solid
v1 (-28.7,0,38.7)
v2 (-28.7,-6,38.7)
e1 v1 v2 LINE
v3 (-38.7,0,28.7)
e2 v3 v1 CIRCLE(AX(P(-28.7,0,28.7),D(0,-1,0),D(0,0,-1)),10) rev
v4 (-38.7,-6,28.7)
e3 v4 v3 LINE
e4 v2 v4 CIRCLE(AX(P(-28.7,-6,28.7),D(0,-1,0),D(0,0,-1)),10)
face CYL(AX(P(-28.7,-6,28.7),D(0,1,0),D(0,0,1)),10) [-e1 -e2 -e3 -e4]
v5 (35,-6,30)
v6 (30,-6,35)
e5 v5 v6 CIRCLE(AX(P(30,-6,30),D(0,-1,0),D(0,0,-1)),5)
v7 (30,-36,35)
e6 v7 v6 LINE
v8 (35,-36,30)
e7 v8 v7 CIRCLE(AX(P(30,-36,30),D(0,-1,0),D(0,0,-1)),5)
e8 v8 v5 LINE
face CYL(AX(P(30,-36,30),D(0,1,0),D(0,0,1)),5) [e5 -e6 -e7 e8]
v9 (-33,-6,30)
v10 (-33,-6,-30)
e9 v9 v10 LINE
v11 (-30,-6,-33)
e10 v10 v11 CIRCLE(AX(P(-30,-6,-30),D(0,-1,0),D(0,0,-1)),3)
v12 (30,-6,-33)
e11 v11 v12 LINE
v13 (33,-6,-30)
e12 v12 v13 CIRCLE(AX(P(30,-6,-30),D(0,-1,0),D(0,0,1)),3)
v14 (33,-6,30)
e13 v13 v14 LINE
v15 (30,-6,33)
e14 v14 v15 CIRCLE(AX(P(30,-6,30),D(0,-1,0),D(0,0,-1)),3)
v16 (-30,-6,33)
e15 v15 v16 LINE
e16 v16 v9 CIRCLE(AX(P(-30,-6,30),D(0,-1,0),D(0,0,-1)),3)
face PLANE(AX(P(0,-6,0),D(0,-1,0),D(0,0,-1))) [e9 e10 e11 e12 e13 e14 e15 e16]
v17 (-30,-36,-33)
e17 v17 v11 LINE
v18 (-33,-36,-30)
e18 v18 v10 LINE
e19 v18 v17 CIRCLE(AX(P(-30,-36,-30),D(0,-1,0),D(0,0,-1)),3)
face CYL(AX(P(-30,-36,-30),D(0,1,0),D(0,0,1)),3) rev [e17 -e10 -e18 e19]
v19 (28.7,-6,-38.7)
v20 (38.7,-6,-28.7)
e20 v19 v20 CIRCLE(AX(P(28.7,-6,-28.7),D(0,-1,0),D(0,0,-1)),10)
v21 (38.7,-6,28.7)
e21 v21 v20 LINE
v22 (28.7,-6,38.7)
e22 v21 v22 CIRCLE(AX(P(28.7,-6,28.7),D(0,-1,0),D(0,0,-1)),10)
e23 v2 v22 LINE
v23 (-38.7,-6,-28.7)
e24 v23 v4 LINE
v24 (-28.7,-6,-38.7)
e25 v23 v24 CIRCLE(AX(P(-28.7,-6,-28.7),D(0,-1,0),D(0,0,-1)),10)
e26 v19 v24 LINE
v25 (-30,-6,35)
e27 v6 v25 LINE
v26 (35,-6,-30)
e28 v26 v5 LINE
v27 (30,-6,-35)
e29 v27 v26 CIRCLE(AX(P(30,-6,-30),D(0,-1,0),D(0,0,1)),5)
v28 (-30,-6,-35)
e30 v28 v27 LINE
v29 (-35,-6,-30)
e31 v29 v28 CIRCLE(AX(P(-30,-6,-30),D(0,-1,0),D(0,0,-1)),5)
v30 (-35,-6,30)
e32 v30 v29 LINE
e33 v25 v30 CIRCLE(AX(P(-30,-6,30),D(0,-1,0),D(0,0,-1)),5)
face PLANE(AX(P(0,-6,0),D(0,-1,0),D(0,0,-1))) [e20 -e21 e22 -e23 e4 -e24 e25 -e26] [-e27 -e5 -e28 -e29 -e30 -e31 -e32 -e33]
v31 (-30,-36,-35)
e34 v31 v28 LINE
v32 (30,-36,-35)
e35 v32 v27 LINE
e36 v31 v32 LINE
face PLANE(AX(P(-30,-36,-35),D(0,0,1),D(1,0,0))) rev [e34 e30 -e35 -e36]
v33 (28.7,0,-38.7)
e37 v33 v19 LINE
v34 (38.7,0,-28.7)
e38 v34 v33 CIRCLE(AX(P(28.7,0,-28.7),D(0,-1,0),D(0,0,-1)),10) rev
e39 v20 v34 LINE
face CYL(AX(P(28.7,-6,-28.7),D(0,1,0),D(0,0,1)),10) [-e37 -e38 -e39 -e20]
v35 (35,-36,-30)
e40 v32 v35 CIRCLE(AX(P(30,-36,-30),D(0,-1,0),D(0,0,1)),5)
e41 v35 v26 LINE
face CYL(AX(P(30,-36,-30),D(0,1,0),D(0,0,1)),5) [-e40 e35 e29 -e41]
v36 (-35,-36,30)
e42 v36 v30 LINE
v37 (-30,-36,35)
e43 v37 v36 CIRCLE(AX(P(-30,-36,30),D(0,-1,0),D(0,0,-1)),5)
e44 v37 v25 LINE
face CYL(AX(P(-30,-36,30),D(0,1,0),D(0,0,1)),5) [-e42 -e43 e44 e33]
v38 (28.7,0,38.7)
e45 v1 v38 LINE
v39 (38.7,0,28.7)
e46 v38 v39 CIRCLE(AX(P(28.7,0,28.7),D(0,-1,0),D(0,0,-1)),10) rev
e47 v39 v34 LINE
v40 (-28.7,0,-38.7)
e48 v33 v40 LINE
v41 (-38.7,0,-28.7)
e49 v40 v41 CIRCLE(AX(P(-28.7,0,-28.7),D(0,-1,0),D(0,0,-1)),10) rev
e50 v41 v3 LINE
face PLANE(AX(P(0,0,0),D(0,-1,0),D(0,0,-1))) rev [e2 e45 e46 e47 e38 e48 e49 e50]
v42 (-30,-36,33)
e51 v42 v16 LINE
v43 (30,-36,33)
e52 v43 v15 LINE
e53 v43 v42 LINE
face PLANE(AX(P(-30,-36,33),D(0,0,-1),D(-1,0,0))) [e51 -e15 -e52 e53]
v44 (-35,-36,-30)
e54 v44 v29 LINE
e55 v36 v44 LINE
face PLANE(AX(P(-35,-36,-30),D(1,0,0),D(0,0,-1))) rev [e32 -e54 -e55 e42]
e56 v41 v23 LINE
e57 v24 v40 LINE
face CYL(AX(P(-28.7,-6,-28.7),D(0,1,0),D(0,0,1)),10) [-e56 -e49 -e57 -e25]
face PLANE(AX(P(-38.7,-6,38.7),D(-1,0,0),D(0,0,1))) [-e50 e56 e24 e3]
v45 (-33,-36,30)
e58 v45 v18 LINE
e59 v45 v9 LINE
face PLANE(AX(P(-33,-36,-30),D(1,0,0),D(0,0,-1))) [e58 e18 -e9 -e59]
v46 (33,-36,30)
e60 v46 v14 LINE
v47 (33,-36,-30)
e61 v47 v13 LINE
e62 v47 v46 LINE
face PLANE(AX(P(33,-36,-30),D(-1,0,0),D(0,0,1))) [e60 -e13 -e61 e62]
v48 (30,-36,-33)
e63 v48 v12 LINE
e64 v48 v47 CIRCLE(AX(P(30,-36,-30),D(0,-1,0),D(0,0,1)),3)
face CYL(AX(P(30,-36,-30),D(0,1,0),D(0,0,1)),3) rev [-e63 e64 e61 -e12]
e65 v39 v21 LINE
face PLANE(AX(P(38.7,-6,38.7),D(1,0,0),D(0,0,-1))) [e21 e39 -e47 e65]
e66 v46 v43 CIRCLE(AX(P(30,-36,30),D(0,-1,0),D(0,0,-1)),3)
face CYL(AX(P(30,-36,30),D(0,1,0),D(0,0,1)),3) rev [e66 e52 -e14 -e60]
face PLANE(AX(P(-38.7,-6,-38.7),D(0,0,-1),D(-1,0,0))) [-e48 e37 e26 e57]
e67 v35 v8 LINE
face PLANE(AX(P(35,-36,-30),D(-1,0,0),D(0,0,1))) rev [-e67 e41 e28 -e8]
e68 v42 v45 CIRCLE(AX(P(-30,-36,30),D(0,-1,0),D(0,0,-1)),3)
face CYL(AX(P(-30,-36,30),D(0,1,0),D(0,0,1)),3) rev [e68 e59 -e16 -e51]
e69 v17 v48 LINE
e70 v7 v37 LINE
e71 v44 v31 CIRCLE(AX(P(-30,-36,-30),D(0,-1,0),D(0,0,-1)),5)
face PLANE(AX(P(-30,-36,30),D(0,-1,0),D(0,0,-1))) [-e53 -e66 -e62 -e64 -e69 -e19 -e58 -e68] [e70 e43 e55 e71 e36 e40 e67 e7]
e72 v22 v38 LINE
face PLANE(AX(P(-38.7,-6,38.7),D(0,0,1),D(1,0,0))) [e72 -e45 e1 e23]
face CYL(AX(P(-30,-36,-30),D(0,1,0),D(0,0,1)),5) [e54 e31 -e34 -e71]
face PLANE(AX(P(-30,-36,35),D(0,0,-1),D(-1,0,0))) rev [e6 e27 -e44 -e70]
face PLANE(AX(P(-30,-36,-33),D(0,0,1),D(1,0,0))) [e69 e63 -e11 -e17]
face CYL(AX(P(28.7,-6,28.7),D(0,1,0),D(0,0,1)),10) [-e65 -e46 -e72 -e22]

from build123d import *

# Parameters (mm, degrees)
SZKIC1_W                    = 77.4
SZKIC1_H                    = 77.4
DODANIE_WYCI_GNI_CIE1_DEPTH = 6
DODANIE_WYCI_GNI_CIE2_DEPTH = 30
ZAOKR_GLENIE1_R             = 10


with BuildPart() as part:
    # Szkic1 → Dodanie-wyciągnięcie1 (new body)
    with BuildSketch(Plane(origin=(0, 0, 0), x_dir=(1, 0, 0), z_dir=(0, 1, 0))):
        Rectangle(SZKIC1_W, SZKIC1_H)
    extrude(amount=-DODANIE_WYCI_GNI_CIE1_DEPTH)

    # Szkic2 → Dodanie-wyciągnięcie2 (add)
    with BuildSketch(Plane.XZ.offset(6)):
        with BuildLine():
            Line((-30, -35), (30, -35))
            ThreePointArc((30, -35), (33.535533906, -33.535533906), (35, -30))
            Line((35, -30), (35, 30))
            ThreePointArc((35, 30), (33.535533906, 33.535533906), (30, 35))
            Line((30, 35), (-30, 35))
            ThreePointArc((-30, 35), (-33.535533906, 33.535533906), (-35, 30))
            Line((-35, 30), (-35, -30))
            ThreePointArc((-35, -30), (-33.535533906, -33.535533906), (-30, -35))
        make_face()
        with BuildLine():
            Line((-33, -30), (-33, 30))
            ThreePointArc((-33, 30), (-32.121320344, 32.121320344), (-30, 33))
            Line((-30, 33), (30, 33))
            ThreePointArc((30, 33), (32.121320344, 32.121320344), (33, 30))
            Line((33, 30), (33, -30))
            ThreePointArc((33, -30), (32.121320344, -32.121320344), (30, -33))
            Line((30, -33), (-30, -33))
            ThreePointArc((-30, -33), (-32.121320344, -32.121320344), (-33, -30))
        make_face(mode=Mode.SUBTRACT)
    extrude(amount=DODANIE_WYCI_GNI_CIE2_DEPTH)

    # Zaokrąglenie1
    zaokr_glenie1_edges = [part.edges().sort_by_distance(p)[0] for p in [
        (38.7, -3, 38.7),
        (-38.7, -3, 38.7),
        (-38.7, -3, -38.7),
        (38.7, -3, -38.7),
    ]]
    fillet(zaokr_glenie1_edges, radius=ZAOKR_GLENIE1_R)


solid = part.part
